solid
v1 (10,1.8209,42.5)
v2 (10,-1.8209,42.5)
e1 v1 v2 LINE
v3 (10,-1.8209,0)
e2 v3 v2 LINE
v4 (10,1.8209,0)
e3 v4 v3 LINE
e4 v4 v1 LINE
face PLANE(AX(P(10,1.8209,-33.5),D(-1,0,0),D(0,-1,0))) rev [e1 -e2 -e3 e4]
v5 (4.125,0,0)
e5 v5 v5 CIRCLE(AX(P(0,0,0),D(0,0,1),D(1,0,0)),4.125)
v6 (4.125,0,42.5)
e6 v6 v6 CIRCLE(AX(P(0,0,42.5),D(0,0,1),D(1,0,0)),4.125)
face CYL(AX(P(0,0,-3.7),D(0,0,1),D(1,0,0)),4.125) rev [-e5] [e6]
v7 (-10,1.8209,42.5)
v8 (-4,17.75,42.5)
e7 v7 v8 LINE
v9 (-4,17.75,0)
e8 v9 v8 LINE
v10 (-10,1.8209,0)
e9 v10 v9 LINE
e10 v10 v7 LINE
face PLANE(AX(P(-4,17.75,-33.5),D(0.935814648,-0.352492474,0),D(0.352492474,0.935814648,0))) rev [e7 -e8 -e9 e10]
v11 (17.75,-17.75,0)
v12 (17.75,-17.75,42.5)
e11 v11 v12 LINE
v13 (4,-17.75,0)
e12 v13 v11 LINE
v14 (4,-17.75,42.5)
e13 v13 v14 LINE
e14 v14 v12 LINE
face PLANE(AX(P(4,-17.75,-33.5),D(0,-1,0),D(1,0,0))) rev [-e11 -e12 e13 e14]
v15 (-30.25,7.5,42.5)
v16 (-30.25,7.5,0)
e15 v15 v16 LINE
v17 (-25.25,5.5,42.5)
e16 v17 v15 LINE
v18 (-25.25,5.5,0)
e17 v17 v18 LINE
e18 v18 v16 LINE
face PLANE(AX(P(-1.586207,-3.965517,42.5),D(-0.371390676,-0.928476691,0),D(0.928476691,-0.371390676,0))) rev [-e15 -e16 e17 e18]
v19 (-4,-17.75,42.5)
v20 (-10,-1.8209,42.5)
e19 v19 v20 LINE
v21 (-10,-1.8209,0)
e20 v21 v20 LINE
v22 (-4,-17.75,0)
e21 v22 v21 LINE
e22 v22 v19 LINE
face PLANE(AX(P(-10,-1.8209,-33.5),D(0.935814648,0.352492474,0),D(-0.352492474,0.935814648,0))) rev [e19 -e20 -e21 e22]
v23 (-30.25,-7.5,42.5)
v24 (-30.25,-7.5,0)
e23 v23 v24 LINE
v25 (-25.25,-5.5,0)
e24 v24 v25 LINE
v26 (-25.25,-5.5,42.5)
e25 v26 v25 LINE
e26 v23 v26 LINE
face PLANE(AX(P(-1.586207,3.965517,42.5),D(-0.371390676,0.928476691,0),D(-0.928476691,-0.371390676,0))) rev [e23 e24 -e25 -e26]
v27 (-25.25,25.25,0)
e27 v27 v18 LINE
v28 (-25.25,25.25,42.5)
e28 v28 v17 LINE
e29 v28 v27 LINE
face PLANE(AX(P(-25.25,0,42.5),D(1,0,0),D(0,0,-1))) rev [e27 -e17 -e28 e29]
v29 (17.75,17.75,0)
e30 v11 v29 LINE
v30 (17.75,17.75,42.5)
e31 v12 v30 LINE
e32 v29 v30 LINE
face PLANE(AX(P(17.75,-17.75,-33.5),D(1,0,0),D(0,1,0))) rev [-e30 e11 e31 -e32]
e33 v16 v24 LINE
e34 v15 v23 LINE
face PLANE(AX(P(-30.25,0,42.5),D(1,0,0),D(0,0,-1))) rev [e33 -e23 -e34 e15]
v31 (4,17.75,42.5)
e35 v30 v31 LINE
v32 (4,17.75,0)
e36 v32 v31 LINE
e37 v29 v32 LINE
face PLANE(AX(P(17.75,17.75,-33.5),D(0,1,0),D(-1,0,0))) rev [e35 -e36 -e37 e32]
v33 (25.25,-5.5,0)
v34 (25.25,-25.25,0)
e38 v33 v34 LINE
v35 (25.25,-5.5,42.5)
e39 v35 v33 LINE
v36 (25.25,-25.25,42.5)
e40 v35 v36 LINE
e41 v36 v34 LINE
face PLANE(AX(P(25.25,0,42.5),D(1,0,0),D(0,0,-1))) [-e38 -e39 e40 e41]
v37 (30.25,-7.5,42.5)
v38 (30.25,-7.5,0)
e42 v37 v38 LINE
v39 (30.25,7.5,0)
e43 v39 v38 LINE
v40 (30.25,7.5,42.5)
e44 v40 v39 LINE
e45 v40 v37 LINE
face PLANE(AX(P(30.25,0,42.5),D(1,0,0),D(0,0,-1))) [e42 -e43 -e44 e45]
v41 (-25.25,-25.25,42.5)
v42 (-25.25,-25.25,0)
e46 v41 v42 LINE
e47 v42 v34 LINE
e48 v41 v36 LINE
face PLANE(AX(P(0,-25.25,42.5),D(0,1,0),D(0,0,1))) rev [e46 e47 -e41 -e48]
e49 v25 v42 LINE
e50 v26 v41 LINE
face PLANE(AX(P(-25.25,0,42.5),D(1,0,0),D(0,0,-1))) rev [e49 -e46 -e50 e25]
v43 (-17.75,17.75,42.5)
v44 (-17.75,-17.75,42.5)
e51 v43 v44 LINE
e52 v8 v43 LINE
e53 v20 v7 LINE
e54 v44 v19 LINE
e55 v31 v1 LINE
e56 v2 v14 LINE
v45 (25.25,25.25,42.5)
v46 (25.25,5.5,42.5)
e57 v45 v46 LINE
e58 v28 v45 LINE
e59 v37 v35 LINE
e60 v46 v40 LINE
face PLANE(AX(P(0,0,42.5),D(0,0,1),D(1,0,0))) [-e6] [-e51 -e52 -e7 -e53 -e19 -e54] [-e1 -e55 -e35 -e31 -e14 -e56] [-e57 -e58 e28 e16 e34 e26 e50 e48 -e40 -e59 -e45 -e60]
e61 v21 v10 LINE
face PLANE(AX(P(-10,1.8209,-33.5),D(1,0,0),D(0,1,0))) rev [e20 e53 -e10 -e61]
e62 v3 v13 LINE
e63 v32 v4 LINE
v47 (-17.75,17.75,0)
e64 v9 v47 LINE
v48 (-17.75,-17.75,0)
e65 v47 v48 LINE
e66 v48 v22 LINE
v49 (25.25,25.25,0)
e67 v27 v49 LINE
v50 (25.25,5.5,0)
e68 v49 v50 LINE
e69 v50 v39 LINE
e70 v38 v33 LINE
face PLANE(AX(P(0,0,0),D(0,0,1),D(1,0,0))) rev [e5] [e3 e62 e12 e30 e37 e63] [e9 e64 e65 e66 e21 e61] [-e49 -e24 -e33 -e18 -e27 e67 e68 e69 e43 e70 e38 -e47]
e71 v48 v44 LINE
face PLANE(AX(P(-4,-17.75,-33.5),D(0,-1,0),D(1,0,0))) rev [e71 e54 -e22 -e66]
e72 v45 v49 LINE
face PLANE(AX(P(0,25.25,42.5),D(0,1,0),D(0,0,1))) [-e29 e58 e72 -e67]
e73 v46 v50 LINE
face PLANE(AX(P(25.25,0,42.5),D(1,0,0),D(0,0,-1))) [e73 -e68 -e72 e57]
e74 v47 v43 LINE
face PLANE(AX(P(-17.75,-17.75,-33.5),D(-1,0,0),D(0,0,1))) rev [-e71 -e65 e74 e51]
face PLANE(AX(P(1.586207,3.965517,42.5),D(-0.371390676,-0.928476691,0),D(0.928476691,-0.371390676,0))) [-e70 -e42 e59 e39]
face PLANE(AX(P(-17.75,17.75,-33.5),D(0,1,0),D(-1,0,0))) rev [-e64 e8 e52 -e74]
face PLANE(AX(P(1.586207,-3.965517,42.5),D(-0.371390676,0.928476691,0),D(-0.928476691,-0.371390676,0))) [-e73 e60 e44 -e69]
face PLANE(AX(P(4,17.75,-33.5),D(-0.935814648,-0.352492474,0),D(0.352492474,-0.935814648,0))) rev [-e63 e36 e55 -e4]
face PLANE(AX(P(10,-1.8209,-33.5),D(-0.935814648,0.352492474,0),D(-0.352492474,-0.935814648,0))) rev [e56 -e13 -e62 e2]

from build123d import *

# Parameters (mm, degrees)
SKETCH1_W           = 50.5
SKETCH1_H           = 50.5
BOSS_EXTRUDE1_DEPTH = 42.5
SKETCH2_R           = 4.125
CUT_EXTRUDE1_DEPTH  = 46.2
CUT_EXTRUDE2_DEPTH  = 76


with BuildPart() as part:
    # Sketch1 → Boss-Extrude1 (new body)
    with BuildSketch(Plane.XY):
        Rectangle(SKETCH1_W, SKETCH1_H)
        Polygon((-25.25, -5.5), (-25.25, 5.5), (-30.25, 7.5), (-30.25, -7.5), align=None)
        Polygon((30.25, 7.5), (25.25, 5.5), (25.25, -5.5), (30.25, -7.5), align=None)
    extrude(amount=BOSS_EXTRUDE1_DEPTH)

    # Sketch2 → Cut-Extrude1 (cut)
    with BuildSketch(Plane.XY.offset(42.5)):
        Circle(SKETCH2_R)
    extrude(amount=-CUT_EXTRUDE1_DEPTH, mode=Mode.SUBTRACT)

    # Sketch4 → Cut-Extrude2 (cut)
    with BuildSketch(Plane.XY.offset(42.5)):
        Polygon((-17.75, -17.75), (-17.75, 17.75), (-4, 17.75), (-10, 1.820899919), (-10, -1.820899919), (-4, -17.75), align=None)
        Polygon((10, -1.820899919), (4, -17.75), (17.75, -17.75), (17.75, 17.75), (4, 17.75), (10, 1.820899919), align=None)
    extrude(amount=-CUT_EXTRUDE2_DEPTH, mode=Mode.SUBTRACT)


solid = part.part
